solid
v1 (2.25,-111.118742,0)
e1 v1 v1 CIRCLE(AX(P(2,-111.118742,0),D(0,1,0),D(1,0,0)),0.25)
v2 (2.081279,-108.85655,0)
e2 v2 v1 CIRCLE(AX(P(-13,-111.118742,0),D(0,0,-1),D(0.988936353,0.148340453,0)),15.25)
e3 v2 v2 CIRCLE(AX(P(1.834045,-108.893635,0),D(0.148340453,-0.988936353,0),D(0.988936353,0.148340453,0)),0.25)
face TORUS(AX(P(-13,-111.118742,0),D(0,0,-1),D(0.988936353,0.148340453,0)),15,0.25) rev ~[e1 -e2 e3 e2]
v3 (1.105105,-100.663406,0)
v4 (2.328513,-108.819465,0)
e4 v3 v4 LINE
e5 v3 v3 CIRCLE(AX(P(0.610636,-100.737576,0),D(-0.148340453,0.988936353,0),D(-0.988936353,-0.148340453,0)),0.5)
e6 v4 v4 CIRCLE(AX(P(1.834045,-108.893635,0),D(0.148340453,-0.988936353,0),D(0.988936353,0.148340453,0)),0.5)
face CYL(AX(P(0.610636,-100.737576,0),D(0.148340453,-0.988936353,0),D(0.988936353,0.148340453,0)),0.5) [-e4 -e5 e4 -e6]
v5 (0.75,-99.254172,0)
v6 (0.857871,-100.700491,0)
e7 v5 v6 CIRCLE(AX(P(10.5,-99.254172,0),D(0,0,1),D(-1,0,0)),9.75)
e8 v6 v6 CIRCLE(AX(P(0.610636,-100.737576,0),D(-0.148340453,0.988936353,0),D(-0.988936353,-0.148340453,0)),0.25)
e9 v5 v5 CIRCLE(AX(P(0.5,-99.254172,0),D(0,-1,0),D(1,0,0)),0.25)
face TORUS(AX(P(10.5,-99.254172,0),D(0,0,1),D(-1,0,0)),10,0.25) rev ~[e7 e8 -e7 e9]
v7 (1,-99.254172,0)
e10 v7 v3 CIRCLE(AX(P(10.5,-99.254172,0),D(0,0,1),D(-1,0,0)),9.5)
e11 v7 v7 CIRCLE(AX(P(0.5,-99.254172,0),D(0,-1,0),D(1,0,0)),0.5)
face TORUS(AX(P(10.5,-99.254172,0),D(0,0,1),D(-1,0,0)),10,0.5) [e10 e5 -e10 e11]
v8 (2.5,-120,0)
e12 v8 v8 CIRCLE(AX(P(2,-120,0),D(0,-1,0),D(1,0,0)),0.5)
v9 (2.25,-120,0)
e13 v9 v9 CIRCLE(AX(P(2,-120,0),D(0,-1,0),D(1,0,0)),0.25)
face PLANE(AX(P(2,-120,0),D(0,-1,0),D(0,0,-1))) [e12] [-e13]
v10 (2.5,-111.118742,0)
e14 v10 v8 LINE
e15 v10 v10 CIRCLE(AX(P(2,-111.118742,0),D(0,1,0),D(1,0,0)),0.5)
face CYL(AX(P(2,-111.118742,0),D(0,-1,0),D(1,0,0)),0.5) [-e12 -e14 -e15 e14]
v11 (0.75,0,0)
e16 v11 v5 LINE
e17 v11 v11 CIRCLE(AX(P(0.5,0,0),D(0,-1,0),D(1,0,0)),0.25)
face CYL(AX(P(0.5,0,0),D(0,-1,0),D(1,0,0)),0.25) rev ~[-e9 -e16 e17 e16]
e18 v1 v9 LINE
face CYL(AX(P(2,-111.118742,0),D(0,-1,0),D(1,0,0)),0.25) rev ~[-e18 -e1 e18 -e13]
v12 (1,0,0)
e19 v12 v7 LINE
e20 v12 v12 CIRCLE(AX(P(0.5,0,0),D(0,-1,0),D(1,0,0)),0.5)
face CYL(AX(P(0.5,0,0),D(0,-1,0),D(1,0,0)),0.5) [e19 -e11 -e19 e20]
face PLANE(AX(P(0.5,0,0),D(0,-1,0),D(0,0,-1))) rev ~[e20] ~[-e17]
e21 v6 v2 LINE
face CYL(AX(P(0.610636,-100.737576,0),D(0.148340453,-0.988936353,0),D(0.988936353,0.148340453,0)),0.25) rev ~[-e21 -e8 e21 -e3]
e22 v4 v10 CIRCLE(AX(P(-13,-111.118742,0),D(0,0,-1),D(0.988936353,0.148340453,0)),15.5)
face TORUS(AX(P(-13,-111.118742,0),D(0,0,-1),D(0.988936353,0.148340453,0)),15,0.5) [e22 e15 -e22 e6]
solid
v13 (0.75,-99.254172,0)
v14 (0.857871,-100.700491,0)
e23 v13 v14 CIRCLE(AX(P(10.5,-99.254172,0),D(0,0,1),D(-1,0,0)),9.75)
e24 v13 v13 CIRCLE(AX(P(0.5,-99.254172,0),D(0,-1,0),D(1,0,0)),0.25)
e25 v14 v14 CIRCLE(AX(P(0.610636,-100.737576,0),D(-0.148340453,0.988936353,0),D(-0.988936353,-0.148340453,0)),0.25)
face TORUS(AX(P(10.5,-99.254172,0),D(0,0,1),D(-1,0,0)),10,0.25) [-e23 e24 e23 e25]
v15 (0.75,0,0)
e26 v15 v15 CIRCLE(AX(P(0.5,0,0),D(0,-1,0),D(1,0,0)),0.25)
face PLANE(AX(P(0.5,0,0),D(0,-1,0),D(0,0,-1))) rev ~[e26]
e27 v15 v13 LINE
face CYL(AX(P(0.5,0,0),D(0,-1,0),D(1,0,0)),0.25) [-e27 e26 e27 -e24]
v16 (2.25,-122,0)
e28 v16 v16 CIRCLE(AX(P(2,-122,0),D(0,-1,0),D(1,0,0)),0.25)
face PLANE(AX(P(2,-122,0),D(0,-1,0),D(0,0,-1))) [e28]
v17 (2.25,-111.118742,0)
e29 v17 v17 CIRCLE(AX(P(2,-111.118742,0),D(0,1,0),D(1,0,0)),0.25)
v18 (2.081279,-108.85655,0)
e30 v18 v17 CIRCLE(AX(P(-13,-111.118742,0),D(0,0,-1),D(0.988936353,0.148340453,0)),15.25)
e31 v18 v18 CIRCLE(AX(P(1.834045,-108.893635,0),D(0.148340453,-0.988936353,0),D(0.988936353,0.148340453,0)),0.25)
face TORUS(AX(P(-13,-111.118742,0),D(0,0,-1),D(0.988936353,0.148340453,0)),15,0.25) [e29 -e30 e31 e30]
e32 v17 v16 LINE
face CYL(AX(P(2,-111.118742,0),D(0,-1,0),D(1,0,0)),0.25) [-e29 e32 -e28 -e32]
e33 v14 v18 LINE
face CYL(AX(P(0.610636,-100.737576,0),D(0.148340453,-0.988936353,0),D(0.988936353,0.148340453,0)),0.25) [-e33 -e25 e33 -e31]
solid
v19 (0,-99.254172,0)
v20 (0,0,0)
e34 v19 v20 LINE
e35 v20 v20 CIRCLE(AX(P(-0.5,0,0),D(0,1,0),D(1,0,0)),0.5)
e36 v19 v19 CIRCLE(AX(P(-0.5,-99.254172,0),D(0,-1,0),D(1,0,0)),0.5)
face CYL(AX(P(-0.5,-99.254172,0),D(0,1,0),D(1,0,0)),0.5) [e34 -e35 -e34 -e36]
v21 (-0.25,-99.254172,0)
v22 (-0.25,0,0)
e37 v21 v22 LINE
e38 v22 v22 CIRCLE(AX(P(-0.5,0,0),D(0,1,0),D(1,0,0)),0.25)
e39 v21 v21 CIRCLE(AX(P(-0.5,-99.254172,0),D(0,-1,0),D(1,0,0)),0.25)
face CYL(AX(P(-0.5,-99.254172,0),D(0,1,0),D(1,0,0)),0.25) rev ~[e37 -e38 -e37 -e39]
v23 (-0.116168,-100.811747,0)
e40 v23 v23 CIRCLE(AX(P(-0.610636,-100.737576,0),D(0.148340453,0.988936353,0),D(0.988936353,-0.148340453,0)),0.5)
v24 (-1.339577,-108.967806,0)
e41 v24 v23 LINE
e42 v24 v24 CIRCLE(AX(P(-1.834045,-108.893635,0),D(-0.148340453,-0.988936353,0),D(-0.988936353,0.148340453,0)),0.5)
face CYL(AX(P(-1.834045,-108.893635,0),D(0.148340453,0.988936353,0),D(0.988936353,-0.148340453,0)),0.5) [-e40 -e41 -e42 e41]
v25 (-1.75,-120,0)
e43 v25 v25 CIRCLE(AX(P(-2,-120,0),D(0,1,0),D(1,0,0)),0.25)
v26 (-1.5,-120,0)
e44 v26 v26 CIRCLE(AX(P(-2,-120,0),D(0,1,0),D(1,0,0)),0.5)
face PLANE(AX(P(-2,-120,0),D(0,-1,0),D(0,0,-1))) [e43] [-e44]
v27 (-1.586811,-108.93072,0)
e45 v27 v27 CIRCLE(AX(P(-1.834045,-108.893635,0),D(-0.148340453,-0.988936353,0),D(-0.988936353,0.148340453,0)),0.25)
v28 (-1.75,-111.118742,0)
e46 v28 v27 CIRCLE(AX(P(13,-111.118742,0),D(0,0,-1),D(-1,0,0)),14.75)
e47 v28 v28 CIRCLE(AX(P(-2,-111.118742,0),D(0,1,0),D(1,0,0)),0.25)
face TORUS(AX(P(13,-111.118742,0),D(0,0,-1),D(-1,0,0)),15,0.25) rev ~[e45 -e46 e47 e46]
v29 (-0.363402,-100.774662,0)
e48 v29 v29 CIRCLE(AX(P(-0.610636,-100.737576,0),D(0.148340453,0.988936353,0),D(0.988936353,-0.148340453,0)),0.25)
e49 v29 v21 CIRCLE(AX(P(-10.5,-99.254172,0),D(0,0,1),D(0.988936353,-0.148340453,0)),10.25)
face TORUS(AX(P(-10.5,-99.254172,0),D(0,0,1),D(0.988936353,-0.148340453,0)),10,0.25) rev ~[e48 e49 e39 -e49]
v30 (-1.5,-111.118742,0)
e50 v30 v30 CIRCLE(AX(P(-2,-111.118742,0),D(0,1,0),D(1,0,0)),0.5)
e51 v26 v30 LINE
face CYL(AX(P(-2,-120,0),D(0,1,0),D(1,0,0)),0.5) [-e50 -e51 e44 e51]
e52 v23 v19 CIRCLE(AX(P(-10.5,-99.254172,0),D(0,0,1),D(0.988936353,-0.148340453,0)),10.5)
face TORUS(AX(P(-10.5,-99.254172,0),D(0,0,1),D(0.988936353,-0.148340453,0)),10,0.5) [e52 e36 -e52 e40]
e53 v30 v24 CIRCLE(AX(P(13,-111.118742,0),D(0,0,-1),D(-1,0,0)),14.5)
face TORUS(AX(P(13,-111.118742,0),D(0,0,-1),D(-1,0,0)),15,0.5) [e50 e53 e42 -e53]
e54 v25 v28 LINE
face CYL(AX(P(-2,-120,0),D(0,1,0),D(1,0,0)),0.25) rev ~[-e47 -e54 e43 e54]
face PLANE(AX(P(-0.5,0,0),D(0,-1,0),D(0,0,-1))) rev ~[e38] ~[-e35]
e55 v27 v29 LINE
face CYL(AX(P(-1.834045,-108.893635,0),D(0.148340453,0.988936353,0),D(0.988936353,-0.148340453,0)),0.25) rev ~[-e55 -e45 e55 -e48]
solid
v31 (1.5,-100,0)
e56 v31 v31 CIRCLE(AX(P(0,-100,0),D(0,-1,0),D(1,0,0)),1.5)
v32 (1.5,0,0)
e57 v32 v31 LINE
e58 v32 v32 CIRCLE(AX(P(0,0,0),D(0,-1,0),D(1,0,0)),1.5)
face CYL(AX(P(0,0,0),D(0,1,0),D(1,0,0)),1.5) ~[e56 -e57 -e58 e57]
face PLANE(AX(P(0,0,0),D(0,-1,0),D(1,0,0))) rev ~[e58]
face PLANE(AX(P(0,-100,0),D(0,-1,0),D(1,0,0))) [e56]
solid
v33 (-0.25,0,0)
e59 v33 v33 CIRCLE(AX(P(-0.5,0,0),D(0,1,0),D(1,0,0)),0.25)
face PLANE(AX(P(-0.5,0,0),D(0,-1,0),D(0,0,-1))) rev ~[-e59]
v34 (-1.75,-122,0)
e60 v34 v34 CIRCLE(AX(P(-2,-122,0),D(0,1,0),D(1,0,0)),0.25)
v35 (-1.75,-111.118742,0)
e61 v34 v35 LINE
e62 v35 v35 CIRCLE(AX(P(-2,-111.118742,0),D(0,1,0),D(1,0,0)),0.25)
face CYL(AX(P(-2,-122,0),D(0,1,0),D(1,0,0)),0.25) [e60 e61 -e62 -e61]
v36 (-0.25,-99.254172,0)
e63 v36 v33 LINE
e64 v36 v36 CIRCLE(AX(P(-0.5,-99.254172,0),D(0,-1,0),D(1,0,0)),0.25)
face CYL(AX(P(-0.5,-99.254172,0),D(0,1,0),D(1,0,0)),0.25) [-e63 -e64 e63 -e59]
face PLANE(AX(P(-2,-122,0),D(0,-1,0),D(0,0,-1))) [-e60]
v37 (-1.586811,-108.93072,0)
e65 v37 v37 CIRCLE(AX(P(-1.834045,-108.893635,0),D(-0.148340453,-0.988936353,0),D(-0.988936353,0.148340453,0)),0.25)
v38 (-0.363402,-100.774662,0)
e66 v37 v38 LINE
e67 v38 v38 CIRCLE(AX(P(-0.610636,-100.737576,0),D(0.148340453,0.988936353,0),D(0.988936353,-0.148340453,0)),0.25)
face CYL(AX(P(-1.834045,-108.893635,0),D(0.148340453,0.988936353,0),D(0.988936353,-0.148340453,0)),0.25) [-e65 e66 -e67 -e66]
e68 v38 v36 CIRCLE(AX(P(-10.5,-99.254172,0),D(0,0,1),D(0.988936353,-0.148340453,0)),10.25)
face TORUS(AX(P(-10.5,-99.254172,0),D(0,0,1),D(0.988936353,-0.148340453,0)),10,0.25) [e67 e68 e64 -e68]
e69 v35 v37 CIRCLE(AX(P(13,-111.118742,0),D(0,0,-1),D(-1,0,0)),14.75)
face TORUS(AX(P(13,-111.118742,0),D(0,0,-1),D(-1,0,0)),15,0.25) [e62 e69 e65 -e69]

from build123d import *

# Parameters (mm, degrees)
F0_R     = 1.5
F0_R_2   = 0.5
F0_R_3   = 0.25
F1_DEPTH = 100


with BuildPart() as f1:
    # F0 (on Front) → F1 (new body)
    with BuildSketch(Plane.XZ):
        Circle(F0_R)
        with Locations((-0.5, 0)):
            Circle(F0_R_2, mode=Mode.SUBTRACT)
        with BuildLine():
            ThreePointArc((0, 0), (0.5, 0.5), (1, 0))
            ThreePointArc((1, 0), (0.5, -0.5), (0, 0))
        make_face(mode=Mode.SUBTRACT)
        with Locations((-0.5, 0)):
            Circle(F0_R_2)
        with Locations((-0.5, 0)):
            Circle(F0_R_3, mode=Mode.SUBTRACT)
        with BuildLine():
            ThreePointArc((0, 0), (0.5, -0.5), (1, 0))
            ThreePointArc((1, 0), (0.5, 0.5), (0, 0))
        make_face()
        with Locations((0.5, 0)):
            Circle(F0_R_3, mode=Mode.SUBTRACT)
        with Locations((-0.5, 0)):
            Circle(F0_R_3)
        with Locations((0.5, 0)):
            Circle(F0_R_3)
    extrude(amount=F1_DEPTH)


with BuildPart() as f3:
    # F3: sweep along a path in F2
    with BuildLine(Plane.XY) as f3_path:
        Line((0.5, 0), (0.5, -99.2541719461))
        ThreePointArc((0.5, -99.2541719461), (0.5276974753, -99.9979342446), (0.6106364713, -100.7375764754))
        Line((0.6106364713, -100.7375764754), (1.834045293, -108.8936352868))
        ThreePointArc((1.834045293, -108.8936352868), (1.958453787, -110.0030986331), (2, -111.1187420808))
        Line((2, -111.1187420808), (2, -120))
        Line((2, -120), (2, -122))
    # F0 (on Front) → F3 (sweep)
    with BuildSketch(Plane.XZ):
        with Locations((0.5, 0)):
            Circle(F0_R_3)
    sweep(path=f3_path.line)


with BuildPart() as f4:
    # F4: sweep along a path in F2
    with BuildLine(Plane.XY) as f4_path:
        Line((-2, -122), (-2, -120))
        Line((-2, -120), (-2, -111.1187420808))
        ThreePointArc((-2, -111.1187420808), (-1.958453787, -110.0030986331), (-1.834045293, -108.8936352868))
        Line((-1.834045293, -108.8936352868), (-0.6106364713, -100.7375764754))
        ThreePointArc((-0.6106364713, -100.7375764754), (-0.5276974753, -99.9979342446), (-0.5, -99.2541719461))
        Line((-0.5, -99.2541719461), (-0.5, 0))
    # F0 (on Front) → F4 (sweep)
    with BuildSketch(Plane.XZ):
        with Locations((-0.5, 0)):
            Circle(F0_R_3)
    sweep(path=f4_path.line)


with BuildPart() as f5:
    # F5: sweep along a path in F2
    with BuildLine(Plane.XY) as f5_path:
        Line((0.5, 0), (0.5, -99.2541719461))
        ThreePointArc((0.5, -99.2541719461), (0.5276974753, -99.9979342446), (0.6106364713, -100.7375764754))
        Line((0.6106364713, -100.7375764754), (1.834045293, -108.8936352868))
        ThreePointArc((1.834045293, -108.8936352868), (1.958453787, -110.0030986331), (2, -111.1187420808))
        Line((2, -111.1187420808), (2, -120))
    # F0 (on Front) → F5 (sweep)
    with BuildSketch(Plane.XZ):
        with BuildLine():
            ThreePointArc((0, 0), (0.5, -0.5), (1, 0))
            ThreePointArc((1, 0), (0.5, 0.5), (0, 0))
        make_face()
        with Locations((0.5, 0)):
            Circle(F0_R_3, mode=Mode.SUBTRACT)
    sweep(path=f5_path.line)


with BuildPart() as f6:
    # F6: sweep along a path in F2
    with BuildLine(Plane.XY) as f6_path:
        Line((-2, -120), (-2, -111.1187420808))
        ThreePointArc((-2, -111.1187420808), (-1.958453787, -110.0030986331), (-1.834045293, -108.8936352868))
        Line((-1.834045293, -108.8936352868), (-0.6106364713, -100.7375764754))
        ThreePointArc((-0.6106364713, -100.7375764754), (-0.5276974753, -99.9979342446), (-0.5, -99.2541719461))
        Line((-0.5, -99.2541719461), (-0.5, 0))
    # F0 (on Front) → F6 (sweep)
    with BuildSketch(Plane.XZ):
        with Locations((-0.5, 0)):
            Circle(F0_R_2)
        with Locations((-0.5, 0)):
            Circle(F0_R_3, mode=Mode.SUBTRACT)
    sweep(path=f6_path.line)


solid = Compound([f1.part, f3.part, f4.part, f5.part, f6.part])
